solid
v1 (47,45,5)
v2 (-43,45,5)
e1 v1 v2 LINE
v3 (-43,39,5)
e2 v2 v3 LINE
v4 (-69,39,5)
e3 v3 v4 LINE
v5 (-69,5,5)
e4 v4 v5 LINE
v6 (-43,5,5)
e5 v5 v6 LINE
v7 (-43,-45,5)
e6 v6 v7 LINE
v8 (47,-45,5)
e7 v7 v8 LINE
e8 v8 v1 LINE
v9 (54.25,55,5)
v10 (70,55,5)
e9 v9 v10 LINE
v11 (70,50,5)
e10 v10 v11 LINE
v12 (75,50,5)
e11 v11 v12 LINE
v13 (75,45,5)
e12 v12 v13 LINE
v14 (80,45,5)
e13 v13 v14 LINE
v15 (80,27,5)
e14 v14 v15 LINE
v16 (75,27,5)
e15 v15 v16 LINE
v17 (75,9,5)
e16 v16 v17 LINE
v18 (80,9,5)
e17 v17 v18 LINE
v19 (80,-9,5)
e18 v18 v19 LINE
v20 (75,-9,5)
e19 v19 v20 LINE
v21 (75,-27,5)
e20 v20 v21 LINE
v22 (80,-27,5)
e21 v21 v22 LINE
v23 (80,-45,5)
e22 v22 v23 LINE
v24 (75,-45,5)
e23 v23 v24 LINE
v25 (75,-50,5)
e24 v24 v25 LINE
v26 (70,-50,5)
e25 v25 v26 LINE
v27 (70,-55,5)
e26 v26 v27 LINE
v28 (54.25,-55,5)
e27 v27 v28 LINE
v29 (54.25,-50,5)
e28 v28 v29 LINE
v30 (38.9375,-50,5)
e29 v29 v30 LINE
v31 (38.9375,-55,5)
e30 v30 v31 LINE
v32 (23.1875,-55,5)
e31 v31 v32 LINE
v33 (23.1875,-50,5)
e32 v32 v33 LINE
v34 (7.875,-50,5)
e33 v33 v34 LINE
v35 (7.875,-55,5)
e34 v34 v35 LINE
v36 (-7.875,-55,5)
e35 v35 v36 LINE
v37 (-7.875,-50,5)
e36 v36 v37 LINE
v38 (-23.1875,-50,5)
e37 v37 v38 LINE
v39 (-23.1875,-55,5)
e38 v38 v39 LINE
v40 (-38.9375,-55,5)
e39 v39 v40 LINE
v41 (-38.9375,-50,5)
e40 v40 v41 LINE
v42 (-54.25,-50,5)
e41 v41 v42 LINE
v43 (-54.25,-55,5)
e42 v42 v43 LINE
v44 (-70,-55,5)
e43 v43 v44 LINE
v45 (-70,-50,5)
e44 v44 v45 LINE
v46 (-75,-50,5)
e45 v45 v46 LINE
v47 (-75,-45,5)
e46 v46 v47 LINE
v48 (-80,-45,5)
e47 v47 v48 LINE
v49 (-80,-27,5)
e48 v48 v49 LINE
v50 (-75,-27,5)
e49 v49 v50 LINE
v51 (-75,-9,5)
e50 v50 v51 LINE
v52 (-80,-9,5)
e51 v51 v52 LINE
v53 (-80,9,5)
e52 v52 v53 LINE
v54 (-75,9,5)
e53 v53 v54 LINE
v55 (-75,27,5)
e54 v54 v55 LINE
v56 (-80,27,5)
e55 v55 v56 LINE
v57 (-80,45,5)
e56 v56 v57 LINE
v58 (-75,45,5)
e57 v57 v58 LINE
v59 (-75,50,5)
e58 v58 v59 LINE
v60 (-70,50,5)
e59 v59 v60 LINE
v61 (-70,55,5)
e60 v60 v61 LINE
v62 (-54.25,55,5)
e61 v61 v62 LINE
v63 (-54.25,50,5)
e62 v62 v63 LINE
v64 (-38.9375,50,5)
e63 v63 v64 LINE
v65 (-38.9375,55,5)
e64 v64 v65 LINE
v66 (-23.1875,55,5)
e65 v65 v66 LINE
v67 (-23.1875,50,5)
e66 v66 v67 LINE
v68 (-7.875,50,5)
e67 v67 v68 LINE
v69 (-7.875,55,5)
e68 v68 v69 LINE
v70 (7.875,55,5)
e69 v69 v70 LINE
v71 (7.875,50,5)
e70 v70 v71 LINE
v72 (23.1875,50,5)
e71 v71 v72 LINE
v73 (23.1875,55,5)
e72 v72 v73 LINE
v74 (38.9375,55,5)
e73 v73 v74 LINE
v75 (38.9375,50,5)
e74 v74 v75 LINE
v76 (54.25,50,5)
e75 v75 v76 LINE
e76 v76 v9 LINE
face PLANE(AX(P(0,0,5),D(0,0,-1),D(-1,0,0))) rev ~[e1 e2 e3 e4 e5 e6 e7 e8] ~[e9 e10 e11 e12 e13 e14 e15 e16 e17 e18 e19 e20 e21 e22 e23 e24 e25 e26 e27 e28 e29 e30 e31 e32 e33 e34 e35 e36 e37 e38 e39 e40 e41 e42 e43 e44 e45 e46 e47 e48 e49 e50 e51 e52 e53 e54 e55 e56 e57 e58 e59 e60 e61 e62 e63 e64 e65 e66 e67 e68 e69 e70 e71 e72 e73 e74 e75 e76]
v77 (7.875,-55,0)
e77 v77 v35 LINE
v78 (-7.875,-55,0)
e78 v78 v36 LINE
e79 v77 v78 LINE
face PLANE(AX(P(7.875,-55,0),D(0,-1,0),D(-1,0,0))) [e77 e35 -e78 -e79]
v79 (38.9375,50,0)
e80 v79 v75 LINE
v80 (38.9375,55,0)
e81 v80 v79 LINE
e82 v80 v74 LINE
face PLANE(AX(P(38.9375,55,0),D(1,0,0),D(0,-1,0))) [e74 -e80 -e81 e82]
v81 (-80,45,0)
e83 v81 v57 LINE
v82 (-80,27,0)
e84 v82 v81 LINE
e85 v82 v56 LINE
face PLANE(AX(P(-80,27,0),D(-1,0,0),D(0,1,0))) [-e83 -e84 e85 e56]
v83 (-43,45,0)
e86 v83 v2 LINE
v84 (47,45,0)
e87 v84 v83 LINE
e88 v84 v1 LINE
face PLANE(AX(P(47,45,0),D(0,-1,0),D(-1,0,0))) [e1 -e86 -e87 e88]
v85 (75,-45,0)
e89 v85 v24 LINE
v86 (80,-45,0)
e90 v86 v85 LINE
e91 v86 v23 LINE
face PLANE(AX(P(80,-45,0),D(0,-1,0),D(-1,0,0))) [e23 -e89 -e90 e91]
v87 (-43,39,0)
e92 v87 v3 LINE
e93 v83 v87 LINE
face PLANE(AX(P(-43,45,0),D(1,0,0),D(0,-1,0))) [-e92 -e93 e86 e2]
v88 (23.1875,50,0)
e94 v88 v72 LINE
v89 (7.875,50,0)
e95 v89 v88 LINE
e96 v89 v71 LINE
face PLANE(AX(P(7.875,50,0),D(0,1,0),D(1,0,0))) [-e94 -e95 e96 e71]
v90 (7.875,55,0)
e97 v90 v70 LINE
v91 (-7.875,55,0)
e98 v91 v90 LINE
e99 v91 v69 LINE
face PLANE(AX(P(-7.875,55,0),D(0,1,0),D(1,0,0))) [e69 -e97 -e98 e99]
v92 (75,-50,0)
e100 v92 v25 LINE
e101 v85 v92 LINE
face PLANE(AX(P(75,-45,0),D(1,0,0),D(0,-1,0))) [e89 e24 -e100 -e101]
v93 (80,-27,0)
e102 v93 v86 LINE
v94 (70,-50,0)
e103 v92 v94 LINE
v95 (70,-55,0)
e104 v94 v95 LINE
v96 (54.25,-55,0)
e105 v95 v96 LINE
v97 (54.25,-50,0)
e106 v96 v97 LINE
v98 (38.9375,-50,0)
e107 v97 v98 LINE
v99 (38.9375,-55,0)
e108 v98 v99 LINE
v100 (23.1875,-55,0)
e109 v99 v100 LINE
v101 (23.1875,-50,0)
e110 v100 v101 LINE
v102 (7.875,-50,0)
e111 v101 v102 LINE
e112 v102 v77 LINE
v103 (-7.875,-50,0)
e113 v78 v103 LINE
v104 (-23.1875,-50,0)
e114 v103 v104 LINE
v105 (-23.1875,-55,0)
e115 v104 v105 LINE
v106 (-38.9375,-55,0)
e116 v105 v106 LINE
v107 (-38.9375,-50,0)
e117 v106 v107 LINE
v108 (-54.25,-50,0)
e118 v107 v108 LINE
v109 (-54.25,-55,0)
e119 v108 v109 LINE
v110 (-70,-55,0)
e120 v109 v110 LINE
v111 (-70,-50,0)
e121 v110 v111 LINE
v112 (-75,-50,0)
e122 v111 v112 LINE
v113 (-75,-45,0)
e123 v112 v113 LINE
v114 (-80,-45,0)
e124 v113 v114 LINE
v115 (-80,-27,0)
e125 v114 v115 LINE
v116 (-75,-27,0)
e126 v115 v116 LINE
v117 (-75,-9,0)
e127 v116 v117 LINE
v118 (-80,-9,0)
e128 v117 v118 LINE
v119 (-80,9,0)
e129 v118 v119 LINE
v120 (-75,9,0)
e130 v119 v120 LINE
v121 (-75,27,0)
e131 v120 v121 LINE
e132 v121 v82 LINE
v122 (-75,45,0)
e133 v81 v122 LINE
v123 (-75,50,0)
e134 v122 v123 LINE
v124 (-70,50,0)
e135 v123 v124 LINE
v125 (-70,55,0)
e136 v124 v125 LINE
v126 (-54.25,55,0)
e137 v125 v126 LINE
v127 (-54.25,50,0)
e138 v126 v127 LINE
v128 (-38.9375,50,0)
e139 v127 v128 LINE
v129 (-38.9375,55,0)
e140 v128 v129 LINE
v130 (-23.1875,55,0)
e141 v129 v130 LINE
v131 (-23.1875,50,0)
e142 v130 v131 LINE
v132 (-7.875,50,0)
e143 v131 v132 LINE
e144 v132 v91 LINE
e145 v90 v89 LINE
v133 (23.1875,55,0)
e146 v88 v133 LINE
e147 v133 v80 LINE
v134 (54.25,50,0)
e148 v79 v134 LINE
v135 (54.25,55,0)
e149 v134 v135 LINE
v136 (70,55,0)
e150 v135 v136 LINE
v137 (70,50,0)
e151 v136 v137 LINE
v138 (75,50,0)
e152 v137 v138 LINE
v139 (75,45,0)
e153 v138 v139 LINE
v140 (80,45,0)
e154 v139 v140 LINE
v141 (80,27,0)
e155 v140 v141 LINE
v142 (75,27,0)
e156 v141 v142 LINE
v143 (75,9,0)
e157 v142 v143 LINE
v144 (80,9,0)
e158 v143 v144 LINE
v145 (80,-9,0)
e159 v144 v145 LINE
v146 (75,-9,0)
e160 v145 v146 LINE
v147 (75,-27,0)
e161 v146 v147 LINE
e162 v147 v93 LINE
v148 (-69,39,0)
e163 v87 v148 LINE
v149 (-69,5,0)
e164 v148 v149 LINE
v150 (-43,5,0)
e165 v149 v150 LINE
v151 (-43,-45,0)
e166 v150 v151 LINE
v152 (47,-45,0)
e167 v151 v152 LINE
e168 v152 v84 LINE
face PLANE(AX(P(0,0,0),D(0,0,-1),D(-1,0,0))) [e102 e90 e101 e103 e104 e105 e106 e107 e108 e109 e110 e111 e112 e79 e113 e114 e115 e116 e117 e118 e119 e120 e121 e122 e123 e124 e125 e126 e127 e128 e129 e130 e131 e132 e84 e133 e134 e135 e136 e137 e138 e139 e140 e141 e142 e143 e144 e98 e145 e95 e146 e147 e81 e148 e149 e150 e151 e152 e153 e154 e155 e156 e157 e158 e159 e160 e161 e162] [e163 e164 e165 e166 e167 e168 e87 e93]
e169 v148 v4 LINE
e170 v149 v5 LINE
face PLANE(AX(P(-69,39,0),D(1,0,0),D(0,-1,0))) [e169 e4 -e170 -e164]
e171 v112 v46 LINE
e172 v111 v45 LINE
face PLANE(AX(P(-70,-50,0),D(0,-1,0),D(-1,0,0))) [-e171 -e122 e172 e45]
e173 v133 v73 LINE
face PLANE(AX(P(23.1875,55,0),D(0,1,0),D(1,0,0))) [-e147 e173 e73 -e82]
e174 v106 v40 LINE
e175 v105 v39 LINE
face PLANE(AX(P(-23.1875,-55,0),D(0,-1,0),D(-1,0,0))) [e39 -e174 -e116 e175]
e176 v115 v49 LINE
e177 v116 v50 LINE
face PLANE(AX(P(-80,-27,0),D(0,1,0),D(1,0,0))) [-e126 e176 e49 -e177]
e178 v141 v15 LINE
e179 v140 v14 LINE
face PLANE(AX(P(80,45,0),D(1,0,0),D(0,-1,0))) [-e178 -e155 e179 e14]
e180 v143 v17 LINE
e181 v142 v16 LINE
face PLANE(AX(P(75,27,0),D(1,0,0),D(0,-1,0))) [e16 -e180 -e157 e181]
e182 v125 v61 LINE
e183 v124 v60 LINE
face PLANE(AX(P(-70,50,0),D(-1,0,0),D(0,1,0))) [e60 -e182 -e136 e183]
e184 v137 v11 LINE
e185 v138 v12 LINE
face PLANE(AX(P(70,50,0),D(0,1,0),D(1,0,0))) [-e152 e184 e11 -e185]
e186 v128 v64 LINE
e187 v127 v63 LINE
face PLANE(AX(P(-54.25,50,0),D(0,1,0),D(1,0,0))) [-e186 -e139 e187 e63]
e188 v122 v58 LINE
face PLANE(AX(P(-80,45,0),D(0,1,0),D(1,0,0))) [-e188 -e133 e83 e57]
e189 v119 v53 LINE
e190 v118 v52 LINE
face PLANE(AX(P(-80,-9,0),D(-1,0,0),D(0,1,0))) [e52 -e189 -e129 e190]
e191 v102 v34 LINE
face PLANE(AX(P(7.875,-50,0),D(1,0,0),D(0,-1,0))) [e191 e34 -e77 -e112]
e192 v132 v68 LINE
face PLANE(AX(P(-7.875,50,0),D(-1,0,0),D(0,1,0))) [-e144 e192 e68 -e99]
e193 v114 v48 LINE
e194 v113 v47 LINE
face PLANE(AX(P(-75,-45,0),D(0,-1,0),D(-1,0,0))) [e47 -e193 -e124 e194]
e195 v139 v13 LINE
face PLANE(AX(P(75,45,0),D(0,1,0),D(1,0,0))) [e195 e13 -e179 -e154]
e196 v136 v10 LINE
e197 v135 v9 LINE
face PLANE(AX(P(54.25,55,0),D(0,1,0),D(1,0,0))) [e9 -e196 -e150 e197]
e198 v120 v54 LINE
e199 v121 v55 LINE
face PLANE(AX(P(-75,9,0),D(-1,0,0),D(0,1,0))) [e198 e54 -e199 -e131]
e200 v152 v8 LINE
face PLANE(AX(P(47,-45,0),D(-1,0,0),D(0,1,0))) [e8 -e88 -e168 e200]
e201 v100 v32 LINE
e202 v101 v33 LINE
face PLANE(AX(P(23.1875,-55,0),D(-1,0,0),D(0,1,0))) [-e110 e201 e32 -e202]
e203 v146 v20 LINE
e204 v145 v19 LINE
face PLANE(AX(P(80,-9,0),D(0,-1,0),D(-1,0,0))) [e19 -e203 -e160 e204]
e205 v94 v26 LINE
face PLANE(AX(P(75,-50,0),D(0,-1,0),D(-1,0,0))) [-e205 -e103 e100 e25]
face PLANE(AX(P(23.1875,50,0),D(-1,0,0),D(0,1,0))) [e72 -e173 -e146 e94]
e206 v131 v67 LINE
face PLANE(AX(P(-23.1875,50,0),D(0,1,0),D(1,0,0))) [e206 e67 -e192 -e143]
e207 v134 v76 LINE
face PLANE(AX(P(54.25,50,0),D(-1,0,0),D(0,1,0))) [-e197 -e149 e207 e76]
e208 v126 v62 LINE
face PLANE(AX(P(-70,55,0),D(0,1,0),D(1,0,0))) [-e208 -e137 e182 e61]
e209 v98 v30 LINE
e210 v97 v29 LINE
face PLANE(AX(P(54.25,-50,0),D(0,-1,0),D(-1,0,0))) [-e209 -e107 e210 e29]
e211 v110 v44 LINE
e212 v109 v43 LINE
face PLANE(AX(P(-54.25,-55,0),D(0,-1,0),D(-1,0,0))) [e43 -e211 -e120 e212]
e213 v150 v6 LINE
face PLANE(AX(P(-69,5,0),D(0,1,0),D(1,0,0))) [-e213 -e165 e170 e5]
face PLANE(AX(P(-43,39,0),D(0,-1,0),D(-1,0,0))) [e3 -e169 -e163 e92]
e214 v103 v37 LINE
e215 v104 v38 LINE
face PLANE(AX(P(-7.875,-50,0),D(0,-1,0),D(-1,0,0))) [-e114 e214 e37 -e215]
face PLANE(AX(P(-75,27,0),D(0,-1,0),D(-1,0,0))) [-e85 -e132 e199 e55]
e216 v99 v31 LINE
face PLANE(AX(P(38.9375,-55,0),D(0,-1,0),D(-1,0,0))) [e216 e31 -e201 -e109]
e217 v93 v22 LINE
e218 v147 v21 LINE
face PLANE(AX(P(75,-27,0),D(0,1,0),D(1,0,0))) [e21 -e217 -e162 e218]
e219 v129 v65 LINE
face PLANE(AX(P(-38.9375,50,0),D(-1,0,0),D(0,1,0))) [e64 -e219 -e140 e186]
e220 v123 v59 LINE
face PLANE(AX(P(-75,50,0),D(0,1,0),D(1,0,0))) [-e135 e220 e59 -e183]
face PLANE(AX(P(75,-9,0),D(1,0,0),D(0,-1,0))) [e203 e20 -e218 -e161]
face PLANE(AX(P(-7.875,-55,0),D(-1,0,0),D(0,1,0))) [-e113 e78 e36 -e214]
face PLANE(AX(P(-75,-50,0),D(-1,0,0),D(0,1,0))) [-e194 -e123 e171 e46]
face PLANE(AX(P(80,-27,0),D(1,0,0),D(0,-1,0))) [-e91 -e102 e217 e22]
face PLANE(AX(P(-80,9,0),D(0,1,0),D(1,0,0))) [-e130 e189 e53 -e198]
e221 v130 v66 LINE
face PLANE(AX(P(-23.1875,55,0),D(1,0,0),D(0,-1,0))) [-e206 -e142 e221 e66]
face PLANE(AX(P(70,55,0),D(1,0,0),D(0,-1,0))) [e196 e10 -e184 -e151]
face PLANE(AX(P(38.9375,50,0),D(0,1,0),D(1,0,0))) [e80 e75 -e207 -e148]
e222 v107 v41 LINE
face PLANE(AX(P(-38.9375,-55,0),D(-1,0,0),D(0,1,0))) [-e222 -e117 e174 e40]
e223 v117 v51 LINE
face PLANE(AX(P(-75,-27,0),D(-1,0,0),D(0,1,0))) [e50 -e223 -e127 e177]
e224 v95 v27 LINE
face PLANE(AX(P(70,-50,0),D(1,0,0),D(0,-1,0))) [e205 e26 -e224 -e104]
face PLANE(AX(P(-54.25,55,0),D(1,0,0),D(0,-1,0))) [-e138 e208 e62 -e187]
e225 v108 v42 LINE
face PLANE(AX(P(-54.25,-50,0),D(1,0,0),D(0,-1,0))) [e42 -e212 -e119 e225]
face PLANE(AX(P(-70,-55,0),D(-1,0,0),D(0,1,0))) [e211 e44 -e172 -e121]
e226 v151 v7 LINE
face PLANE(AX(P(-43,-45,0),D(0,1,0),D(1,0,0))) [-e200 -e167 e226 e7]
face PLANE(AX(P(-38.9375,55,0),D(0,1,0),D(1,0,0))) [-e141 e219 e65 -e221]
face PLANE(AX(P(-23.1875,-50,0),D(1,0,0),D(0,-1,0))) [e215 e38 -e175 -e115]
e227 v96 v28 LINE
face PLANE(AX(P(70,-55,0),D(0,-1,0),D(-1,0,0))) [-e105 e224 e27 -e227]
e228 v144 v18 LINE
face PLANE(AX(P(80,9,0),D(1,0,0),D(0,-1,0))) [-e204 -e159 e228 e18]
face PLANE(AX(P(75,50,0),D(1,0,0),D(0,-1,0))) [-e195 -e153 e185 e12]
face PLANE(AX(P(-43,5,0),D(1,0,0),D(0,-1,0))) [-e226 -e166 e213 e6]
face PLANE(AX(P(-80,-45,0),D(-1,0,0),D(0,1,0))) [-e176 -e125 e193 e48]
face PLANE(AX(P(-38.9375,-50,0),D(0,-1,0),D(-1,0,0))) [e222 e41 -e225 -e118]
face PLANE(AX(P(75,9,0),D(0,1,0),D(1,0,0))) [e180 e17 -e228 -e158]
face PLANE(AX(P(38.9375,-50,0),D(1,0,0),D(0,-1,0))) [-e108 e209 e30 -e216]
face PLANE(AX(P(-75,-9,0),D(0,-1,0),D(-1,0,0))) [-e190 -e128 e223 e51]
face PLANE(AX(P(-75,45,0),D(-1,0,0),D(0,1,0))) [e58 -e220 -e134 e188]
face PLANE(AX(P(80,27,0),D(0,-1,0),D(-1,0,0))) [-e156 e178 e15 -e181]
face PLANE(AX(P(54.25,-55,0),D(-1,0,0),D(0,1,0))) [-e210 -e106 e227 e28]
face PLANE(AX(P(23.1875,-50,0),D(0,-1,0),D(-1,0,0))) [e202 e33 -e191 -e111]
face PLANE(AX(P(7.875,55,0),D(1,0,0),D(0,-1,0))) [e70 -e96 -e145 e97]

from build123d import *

# Parameters (mm, degrees)
BOSS_EXTRUDE1_DEPTH = 5
CUT_EXTRUDE1_DEPTH  = 6


with BuildPart() as part:
    # Sketch1 → Boss-Extrude1 (new body)
    with BuildSketch(Plane.XY):
        Polygon((-75, 50), (-70, 50), (-70, 55), (-54.25, 55), (-54.25, 50), (-38.9375, 50), (-38.9375, 55), (-23.1875, 55), (-23.1875, 50), (-7.875, 50), (-7.875, 55), (7.875, 55), (7.875, 50), (23.1875, 50), (23.1875, 55), (38.9375, 55), (38.9375, 50), (54.25, 50), (54.25, 55), (70, 55), (70, 50), (75, 50), (75, 45), (80, 45), (80, 27), (75, 27), (75, 9), (80, 9), (80, -9), (75, -9), (75, -27), (80, -27), (80, -45), (75, -45), (75, -50), (70, -50), (70, -55), (54.25, -55), (54.25, -50), (38.9375, -50), (38.9375, -55), (23.1875, -55), (23.1875, -50), (7.875, -50), (7.875, -55), (-7.875, -55), (-7.875, -50), (-23.1875, -50), (-23.1875, -55), (-38.9375, -55), (-38.9375, -50), (-54.25, -50), (-54.25, -55), (-70, -55), (-70, -50), (-75, -50), (-75, -45), (-80, -45), (-80, -27), (-75, -27), (-75, -9), (-80, -9), (-80, 9), (-75, 9), (-75, 27), (-80, 27), (-80, 45), (-75, 45), align=None)
    extrude(amount=BOSS_EXTRUDE1_DEPTH)

    # Sketch2 → Cut-Extrude1 (cut, through all)
    with BuildSketch(Plane(origin=(0, 0, 0), x_dir=(-1, 0, 0), z_dir=(0, 0, -1))):
        Polygon((-47, 45), (43, 45), (43, 39), (69, 39), (69, 5), (43, 5), (43, -45), (-47, -45), align=None)
    extrude(amount=-CUT_EXTRUDE1_DEPTH, mode=Mode.SUBTRACT)


solid = part.part
